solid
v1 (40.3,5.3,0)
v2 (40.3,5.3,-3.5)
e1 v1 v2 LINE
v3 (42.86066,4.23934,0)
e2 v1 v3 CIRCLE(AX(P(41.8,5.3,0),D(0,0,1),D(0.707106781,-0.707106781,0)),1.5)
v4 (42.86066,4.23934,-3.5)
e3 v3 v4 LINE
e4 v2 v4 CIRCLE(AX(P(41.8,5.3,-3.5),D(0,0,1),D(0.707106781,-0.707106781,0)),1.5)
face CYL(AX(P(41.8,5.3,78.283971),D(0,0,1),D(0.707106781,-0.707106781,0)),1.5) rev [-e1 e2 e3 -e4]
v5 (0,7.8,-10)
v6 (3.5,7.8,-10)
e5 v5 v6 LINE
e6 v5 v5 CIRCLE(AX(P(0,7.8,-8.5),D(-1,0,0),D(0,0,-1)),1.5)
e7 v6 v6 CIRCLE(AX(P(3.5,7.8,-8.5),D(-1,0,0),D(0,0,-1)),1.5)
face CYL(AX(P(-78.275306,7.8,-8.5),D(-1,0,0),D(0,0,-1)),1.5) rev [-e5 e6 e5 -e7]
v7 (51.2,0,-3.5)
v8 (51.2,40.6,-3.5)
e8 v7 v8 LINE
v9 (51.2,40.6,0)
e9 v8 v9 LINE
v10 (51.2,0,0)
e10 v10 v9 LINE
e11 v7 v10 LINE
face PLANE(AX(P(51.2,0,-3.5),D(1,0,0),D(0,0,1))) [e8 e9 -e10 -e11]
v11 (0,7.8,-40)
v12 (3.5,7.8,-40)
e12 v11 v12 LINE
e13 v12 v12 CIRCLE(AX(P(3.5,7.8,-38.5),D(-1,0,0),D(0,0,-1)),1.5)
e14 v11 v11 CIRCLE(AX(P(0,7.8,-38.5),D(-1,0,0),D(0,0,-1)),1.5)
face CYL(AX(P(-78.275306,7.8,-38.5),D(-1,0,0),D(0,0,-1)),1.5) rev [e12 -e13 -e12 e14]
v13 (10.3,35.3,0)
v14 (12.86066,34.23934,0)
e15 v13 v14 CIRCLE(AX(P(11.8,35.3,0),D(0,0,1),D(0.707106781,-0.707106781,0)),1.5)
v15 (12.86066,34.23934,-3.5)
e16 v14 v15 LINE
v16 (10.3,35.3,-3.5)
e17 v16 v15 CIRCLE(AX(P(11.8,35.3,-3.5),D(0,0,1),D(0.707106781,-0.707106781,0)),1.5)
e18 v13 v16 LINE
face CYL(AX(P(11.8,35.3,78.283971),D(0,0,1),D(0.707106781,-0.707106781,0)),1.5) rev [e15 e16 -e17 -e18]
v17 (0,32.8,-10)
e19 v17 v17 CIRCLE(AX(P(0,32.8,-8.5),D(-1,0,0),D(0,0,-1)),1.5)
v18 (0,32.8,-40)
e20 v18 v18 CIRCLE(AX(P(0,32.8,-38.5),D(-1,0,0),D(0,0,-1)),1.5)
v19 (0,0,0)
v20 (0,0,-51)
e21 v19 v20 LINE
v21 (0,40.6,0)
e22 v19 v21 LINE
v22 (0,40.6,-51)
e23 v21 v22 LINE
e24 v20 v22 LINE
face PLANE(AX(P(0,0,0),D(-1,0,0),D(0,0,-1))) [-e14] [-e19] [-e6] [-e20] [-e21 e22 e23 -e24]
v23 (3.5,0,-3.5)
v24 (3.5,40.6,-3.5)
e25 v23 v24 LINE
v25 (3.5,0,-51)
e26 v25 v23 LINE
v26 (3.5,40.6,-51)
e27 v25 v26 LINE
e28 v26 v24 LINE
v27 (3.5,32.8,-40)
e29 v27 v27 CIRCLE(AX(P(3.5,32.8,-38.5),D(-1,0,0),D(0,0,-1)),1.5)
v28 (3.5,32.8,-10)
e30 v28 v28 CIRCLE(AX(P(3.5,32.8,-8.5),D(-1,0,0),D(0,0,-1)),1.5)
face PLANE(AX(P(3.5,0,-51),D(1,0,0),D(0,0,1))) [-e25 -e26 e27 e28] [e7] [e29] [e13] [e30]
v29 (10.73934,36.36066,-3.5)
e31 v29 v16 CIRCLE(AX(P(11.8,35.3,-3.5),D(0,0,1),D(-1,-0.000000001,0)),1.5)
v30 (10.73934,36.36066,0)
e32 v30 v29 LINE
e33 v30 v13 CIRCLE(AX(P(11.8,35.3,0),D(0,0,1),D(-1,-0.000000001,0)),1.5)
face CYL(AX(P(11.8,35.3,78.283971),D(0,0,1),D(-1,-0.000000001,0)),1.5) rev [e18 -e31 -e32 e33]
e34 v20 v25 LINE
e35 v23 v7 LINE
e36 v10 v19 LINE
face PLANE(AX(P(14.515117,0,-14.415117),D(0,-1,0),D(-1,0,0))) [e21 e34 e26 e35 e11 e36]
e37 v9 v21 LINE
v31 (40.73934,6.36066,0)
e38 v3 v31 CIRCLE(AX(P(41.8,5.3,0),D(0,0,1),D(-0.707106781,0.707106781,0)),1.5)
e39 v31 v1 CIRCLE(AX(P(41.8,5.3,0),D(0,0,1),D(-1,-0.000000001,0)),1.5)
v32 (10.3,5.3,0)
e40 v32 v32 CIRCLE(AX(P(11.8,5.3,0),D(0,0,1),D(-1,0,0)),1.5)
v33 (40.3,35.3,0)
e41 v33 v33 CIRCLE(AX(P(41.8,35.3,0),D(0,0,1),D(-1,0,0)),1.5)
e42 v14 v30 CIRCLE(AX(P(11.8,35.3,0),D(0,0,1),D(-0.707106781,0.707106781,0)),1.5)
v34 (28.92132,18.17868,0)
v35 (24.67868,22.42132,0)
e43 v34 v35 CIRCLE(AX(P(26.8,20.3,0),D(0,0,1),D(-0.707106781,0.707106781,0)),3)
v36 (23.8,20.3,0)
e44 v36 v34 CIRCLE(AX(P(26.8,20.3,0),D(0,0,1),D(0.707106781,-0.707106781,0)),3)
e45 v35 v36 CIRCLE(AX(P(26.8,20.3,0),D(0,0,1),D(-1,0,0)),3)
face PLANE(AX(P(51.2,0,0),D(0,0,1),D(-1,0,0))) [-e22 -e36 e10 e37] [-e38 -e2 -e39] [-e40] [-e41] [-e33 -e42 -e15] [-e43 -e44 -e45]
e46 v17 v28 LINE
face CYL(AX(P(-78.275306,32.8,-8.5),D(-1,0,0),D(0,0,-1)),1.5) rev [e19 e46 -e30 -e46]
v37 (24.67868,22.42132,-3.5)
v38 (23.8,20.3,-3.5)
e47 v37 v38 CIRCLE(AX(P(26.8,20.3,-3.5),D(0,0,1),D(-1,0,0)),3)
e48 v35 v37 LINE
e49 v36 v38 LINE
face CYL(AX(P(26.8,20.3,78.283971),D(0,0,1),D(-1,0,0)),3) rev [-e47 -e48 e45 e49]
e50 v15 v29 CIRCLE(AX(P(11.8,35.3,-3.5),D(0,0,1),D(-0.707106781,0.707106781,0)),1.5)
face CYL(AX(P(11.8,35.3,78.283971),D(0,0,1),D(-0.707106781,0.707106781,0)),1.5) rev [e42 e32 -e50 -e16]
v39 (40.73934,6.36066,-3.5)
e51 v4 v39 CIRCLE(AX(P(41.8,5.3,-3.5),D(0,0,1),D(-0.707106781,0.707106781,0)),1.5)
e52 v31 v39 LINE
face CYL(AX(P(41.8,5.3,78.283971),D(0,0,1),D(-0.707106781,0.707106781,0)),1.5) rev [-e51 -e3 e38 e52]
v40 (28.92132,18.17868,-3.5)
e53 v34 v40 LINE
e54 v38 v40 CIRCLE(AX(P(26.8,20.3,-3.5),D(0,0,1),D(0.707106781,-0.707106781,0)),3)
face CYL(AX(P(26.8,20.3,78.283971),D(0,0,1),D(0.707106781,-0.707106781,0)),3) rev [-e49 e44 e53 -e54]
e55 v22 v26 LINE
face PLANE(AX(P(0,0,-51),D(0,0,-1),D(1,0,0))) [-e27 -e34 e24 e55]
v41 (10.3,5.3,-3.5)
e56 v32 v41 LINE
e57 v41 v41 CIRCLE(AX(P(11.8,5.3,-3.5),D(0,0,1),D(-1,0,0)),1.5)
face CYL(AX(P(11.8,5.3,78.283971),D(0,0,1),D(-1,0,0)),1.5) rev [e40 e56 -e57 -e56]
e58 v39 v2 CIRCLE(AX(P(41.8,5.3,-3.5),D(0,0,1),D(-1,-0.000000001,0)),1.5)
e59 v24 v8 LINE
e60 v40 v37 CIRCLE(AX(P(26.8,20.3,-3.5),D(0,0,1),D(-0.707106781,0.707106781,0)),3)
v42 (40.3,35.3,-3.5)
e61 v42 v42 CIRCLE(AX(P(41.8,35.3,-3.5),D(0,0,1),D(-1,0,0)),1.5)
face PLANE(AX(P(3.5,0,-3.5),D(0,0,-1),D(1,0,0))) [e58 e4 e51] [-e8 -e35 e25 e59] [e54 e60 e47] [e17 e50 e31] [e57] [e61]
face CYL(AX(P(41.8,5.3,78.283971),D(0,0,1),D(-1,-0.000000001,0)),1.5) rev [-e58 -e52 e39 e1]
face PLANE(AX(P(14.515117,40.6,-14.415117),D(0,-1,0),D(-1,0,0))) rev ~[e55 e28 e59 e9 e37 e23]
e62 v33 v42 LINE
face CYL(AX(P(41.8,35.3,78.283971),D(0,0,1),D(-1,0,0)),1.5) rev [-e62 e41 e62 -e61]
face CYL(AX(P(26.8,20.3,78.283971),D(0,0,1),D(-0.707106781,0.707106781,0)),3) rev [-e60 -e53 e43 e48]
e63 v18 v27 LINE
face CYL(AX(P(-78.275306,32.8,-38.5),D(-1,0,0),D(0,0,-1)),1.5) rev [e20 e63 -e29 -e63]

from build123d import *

# Parameters (mm, degrees)
BOSS_EXTRUDE1_DEPTH     = 40.6
CUT_EXTRUDE1_DEPTH      = 81.783971182
CUT_EXTRUDE1_DEPTH_BACK = 81.783971182
SKETCH2_R               = 1.5
CUT_EXTRUDE2_DEPTH      = 81.775305632
CUT_EXTRUDE2_DEPTH_BACK = 81.775305632
SKETCH3_R               = 1.5


with BuildPart() as part:
    # Sketch1 → Boss-Extrude1 (new body)
    with BuildSketch(Plane(origin=(0, 0, 0), x_dir=(1, 0, 0), z_dir=(0, 1, 0))):
        Polygon((0, 0), (0, 51), (3.5, 51), (3.5, 3.5), (51.2, 3.5), (51.2, 0), align=None)
    extrude(amount=BOSS_EXTRUDE1_DEPTH)

    # Sketch2 → Cut-Extrude1 (cut, two sides: drawn at the far end of the back side and taken through both)
    with BuildSketch(Plane(origin=(0, 0, -3.5), x_dir=(-1, 0, 0), z_dir=(0, 0, -1)).offset(-CUT_EXTRUDE1_DEPTH_BACK)):
        with BuildLine():
            ThreePointArc((-10.3, 35.3), (-10.414180701, 35.874025149), (-10.739339828, 36.360660172))
            Line((-10.739339828, 36.360660172), (-12.860660172, 34.239339828))
            ThreePointArc((-12.860660172, 34.239339828), (-11.225974851, 33.914180701), (-10.3, 35.3))
        make_face()
        with BuildLine():
            Line((-12.860660172, 34.239339828), (-10.739339828, 36.360660172))
            ThreePointArc((-10.739339828, 36.360660172), (-12.860660172, 36.360660172), (-12.860660172, 34.239339828))
        make_face()
        with Locations((-41.8, 35.3)):
            Circle(SKETCH2_R)
        with BuildLine():
            ThreePointArc((-23.8, 20.3), (-24.028361402, 21.448050297), (-24.678679656, 22.421320344))
            Line((-24.678679656, 22.421320344), (-28.921320344, 18.178679656))
            ThreePointArc((-28.921320344, 18.178679656), (-25.651949703, 17.528361402), (-23.8, 20.3))
        make_face()
        with BuildLine():
            Line((-28.921320344, 18.178679656), (-24.678679656, 22.421320344))
            ThreePointArc((-24.678679656, 22.421320344), (-28.921320344, 22.421320344), (-28.921320344, 18.178679656))
        make_face()
        with Locations((-11.8, 5.3)):
            Circle(SKETCH2_R)
        with BuildLine():
            ThreePointArc((-40.3, 5.3), (-40.414180701, 5.874025149), (-40.739339828, 6.360660172))
            Line((-40.739339828, 6.360660172), (-42.860660172, 4.239339828))
            ThreePointArc((-42.860660172, 4.239339828), (-41.225974851, 3.914180701), (-40.3, 5.3))
        make_face()
        with BuildLine():
            Line((-42.860660172, 4.239339828), (-40.739339828, 6.360660172))
            ThreePointArc((-40.739339828, 6.360660172), (-42.860660172, 6.360660172), (-42.860660172, 4.239339828))
        make_face()
    extrude(amount=CUT_EXTRUDE1_DEPTH + CUT_EXTRUDE1_DEPTH_BACK, mode=Mode.SUBTRACT)

    # Sketch3 → Cut-Extrude2 (cut, two sides: drawn at the far end of the back side and taken through both)
    with BuildSketch(Plane(origin=(3.5, 0, 0), x_dir=(0, 0, -1), z_dir=(1, 0, 0)).offset(-CUT_EXTRUDE2_DEPTH_BACK)):
        with BuildLine():
            ThreePointArc((37, 32.8), (38.5, 31.3), (40, 32.8))
            Line((40, 32.8), (37, 32.8))
        make_face()
        with BuildLine():
            Line((37, 32.8), (40, 32.8))
            ThreePointArc((40, 32.8), (38.5, 34.3), (37, 32.8))
        make_face()
        with BuildLine():
            ThreePointArc((7, 32.8), (8.5, 31.3), (10, 32.8))
            Line((10, 32.8), (7, 32.8))
        make_face()
        with BuildLine():
            Line((7, 32.8), (10, 32.8))
            ThreePointArc((10, 32.8), (8.5, 34.3), (7, 32.8))
        make_face()
        with Locations((8.5, 7.8)):
            Circle(SKETCH3_R)
        with Locations((38.5, 7.8)):
            Circle(SKETCH3_R)
    extrude(amount=CUT_EXTRUDE2_DEPTH + CUT_EXTRUDE2_DEPTH_BACK, mode=Mode.SUBTRACT)


solid = part.part
